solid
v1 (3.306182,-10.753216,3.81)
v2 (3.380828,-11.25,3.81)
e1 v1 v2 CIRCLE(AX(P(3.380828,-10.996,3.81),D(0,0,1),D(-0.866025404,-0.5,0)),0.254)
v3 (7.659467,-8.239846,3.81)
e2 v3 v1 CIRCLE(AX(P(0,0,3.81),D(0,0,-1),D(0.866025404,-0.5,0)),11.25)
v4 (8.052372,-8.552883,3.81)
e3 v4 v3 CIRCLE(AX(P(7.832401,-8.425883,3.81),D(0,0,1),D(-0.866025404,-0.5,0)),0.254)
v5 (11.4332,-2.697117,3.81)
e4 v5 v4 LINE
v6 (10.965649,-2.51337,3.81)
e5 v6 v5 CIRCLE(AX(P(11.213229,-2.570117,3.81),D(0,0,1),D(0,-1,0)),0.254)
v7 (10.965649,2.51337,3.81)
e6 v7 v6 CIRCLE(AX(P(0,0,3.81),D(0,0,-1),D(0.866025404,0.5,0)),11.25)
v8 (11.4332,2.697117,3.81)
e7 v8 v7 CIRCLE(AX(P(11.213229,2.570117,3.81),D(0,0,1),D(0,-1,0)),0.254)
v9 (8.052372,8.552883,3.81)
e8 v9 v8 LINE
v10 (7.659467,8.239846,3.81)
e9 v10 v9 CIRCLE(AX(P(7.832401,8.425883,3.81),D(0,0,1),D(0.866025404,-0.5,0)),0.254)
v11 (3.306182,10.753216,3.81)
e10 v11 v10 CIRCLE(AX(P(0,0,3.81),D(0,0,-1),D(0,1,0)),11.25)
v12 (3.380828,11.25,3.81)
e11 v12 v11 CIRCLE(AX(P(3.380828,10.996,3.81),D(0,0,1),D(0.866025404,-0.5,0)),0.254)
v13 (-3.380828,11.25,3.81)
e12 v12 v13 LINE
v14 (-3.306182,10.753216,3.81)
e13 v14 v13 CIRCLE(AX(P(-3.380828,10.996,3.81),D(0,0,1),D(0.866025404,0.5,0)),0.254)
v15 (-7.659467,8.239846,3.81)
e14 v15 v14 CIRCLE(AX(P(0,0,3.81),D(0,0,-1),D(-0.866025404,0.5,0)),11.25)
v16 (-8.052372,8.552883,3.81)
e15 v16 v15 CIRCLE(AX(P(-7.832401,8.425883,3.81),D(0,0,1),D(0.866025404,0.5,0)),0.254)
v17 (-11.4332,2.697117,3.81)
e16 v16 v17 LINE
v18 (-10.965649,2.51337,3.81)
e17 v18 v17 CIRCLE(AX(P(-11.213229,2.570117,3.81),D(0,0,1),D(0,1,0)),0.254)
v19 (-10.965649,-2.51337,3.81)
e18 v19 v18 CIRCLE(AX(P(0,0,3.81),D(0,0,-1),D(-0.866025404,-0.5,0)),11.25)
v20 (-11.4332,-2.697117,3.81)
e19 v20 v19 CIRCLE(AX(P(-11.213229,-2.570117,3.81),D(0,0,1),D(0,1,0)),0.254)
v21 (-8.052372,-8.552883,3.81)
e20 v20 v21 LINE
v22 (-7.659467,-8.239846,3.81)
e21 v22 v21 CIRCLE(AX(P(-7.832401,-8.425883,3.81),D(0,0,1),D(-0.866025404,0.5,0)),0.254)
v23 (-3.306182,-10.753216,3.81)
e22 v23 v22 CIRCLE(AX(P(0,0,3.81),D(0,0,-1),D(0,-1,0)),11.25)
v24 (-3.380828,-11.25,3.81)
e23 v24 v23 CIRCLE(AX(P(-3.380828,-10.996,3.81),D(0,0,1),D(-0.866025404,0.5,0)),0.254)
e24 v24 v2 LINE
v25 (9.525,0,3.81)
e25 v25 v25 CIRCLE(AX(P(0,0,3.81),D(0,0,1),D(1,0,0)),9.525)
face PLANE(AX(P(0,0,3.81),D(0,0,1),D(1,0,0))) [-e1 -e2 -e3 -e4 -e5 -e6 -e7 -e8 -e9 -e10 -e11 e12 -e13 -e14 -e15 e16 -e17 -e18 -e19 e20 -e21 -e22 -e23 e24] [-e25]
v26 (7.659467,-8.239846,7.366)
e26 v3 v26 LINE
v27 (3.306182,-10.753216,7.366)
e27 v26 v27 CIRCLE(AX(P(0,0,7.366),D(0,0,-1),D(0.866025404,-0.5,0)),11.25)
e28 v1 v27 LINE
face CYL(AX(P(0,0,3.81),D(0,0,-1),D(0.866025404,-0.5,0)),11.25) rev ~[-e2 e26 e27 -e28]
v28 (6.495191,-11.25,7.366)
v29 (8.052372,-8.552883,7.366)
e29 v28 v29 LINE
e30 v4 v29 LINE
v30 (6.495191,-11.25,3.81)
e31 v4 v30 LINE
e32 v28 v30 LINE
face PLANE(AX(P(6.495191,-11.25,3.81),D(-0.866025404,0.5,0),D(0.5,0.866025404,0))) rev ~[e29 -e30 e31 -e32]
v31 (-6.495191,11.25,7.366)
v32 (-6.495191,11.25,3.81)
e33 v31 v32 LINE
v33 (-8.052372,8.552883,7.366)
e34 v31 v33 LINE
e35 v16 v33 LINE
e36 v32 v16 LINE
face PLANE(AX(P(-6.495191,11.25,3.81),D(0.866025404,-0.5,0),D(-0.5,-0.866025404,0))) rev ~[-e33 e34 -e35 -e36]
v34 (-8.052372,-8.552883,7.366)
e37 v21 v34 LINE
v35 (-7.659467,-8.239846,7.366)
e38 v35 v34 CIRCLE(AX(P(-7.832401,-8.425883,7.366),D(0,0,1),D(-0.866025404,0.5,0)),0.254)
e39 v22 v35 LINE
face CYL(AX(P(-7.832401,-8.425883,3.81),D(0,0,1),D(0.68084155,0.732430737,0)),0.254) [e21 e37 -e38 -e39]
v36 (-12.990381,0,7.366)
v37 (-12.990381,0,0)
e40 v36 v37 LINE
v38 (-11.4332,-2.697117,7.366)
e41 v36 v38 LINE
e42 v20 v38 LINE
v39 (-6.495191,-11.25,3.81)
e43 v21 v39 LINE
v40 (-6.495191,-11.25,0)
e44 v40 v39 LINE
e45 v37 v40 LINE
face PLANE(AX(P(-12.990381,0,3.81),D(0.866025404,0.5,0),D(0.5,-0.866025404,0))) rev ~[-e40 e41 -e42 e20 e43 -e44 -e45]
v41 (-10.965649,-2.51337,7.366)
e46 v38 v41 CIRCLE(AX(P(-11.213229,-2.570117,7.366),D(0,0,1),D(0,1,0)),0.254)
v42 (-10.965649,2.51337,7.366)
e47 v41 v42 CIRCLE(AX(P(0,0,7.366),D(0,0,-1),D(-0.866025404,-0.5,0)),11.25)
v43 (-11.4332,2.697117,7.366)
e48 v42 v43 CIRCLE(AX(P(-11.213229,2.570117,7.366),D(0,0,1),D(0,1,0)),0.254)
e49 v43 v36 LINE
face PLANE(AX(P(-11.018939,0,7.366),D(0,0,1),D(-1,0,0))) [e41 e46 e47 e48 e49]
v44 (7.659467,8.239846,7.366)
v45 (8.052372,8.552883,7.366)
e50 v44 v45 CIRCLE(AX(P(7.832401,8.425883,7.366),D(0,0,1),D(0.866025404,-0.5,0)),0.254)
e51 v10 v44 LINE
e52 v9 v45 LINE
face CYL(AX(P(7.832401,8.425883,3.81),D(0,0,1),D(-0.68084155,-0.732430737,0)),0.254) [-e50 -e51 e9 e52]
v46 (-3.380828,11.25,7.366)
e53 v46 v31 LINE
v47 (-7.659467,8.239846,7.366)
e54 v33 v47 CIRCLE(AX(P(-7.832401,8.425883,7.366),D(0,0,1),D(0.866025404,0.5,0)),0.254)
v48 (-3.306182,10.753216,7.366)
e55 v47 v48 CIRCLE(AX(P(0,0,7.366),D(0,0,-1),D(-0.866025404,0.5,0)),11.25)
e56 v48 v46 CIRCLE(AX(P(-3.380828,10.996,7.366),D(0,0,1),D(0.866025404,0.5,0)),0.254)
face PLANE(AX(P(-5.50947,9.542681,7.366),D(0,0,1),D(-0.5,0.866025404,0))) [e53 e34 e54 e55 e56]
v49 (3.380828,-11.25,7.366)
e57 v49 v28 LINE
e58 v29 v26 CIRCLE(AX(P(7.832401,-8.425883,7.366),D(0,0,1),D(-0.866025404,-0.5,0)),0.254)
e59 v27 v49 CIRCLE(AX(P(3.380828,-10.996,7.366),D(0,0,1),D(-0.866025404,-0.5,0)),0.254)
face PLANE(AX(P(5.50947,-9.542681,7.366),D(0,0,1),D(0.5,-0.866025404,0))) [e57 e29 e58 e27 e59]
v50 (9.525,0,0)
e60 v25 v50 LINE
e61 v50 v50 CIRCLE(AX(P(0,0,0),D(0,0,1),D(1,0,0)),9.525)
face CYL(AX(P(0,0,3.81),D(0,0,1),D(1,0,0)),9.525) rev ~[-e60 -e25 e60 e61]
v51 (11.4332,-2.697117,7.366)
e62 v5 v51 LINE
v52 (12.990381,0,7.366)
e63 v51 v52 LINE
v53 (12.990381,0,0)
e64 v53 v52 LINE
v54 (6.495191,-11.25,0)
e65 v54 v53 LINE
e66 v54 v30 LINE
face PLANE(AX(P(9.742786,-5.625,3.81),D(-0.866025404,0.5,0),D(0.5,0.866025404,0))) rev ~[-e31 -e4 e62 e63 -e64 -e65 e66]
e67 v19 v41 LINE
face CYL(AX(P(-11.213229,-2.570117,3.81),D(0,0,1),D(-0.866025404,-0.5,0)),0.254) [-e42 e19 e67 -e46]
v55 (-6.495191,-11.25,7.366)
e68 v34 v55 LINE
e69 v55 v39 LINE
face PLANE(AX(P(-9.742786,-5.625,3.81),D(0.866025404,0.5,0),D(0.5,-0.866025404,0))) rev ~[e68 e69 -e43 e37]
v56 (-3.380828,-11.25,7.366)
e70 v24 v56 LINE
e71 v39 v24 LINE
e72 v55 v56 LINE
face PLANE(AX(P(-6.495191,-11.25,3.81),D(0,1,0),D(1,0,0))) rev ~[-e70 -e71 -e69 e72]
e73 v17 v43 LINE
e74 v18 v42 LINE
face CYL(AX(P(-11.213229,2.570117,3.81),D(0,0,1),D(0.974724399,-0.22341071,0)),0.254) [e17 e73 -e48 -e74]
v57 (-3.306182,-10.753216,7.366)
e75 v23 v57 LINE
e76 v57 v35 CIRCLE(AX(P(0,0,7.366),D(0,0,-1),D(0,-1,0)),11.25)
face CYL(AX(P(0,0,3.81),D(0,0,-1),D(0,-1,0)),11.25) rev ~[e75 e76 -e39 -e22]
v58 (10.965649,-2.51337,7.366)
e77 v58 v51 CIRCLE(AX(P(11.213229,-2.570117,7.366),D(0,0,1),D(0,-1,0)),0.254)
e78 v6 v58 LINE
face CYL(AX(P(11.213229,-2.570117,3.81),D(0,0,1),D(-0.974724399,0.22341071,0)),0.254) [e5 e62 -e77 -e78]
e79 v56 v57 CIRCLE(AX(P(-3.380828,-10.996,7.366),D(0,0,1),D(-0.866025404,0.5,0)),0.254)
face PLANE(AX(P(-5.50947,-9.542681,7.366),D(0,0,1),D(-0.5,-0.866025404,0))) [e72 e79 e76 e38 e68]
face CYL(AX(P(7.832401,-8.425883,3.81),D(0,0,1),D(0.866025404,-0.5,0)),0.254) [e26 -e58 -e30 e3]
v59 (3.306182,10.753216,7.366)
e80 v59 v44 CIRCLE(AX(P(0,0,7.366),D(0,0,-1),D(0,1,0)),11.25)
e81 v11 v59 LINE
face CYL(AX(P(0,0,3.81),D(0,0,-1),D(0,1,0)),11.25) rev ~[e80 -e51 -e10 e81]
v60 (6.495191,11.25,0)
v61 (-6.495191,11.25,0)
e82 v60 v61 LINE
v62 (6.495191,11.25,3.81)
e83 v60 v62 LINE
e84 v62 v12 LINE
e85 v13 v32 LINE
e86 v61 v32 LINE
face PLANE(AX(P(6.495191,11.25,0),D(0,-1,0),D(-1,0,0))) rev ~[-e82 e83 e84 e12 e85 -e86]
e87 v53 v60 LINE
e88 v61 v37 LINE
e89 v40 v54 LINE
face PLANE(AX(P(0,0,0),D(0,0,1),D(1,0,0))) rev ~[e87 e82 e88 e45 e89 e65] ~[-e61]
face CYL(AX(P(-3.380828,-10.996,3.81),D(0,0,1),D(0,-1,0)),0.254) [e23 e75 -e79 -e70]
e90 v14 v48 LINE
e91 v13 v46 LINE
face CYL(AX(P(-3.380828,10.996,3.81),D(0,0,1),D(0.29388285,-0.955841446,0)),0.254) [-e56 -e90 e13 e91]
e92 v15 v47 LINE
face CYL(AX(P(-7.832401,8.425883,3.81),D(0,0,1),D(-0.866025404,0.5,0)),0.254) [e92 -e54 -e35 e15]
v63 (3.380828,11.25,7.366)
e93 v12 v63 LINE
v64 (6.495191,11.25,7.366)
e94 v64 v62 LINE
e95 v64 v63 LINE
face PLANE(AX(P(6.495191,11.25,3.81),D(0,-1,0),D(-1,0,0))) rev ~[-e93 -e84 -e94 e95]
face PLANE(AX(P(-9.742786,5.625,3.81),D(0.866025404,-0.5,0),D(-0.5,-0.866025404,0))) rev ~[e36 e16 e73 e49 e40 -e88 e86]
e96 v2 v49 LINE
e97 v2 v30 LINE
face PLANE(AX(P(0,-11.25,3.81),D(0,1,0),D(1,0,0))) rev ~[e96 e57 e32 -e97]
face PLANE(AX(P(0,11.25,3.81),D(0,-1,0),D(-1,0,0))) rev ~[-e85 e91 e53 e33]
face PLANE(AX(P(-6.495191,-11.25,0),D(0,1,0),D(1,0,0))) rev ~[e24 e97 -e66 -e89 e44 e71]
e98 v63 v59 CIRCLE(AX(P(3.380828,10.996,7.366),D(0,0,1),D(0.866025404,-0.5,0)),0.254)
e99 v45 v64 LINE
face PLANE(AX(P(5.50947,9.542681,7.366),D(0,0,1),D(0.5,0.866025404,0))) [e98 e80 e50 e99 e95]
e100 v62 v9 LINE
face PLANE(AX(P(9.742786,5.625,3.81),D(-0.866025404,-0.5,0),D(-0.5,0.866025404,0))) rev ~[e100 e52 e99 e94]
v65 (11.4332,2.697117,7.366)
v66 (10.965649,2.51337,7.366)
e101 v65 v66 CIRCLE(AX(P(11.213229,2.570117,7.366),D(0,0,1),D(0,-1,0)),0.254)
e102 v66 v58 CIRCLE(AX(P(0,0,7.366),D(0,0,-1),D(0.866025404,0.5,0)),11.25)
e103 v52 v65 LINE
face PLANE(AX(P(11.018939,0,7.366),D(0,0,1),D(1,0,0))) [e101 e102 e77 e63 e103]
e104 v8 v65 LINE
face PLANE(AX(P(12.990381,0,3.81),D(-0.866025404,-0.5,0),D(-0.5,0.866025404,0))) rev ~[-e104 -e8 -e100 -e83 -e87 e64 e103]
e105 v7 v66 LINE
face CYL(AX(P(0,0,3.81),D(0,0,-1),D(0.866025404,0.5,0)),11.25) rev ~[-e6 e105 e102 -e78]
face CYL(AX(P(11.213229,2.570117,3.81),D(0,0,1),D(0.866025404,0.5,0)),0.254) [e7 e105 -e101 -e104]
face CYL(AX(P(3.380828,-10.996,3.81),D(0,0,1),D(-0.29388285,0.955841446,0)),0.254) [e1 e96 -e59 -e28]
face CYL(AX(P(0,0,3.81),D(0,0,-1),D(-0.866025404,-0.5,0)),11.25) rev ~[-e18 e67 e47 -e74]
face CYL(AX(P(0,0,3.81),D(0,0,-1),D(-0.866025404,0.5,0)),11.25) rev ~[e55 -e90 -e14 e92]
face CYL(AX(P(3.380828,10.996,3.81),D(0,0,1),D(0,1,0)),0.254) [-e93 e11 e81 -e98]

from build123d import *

# Parameters (mm, degrees)
F1_DEPTH = 3.81
F3_DEPTH = 3.556
F4_R     = 0.254
F6_COUNT = 6
F8_R     = 9.525
F9_DEPTH = 3.81


with BuildPart() as f1:
    # F0 (on Top) → F1 (new body)
    with BuildSketch(Plane.XY):
        Polygon((6.4951905284, 11.25), (-6.4951905284, 11.25), (-12.9903810568, 0), (-6.4951905284, -11.25), (6.4951905284, -11.25), (12.9903810568, 0), align=None)
    extrude(amount=F1_DEPTH)

    # F2 (on face) → F3 (join)
    with BuildSketch(Plane.XY.offset(3.81)):
        with BuildLine():
            Line((12.9903810568, 0), (9.7427857926, 5.625))
            ThreePointArc((9.7427857926, 5.625), (11.25, 0), (9.7427857926, -5.625))
            Line((9.7427857926, -5.625), (12.9903810568, 0))
        make_face()
    extrude(amount=F3_DEPTH)

    # F4
    f4_edges = [f1.edges().sort_by_distance(p)[0] for p in [
        (9.742786, -5.625, 5.588),
        (9.742786, 5.625, 5.588),
    ]]
    fillet(f4_edges, radius=F4_R)

    # F6: F1 ×6 about axis
    f6_axis = Axis((0, 0, 19.5707920939), (0, 0, 1))


with BuildPart() as f1_1:
    add(f1.part)
    for i in range(1, F6_COUNT):
        add(f1.part.rotate(f6_axis, i * 360 / F6_COUNT))

    # F8 (on face) → F9 (cut, through all)
    with BuildSketch(Plane.XY.offset(3.81)):
        Circle(F8_R)
    extrude(amount=-F9_DEPTH, mode=Mode.SUBTRACT)


solid = f1_1.part
